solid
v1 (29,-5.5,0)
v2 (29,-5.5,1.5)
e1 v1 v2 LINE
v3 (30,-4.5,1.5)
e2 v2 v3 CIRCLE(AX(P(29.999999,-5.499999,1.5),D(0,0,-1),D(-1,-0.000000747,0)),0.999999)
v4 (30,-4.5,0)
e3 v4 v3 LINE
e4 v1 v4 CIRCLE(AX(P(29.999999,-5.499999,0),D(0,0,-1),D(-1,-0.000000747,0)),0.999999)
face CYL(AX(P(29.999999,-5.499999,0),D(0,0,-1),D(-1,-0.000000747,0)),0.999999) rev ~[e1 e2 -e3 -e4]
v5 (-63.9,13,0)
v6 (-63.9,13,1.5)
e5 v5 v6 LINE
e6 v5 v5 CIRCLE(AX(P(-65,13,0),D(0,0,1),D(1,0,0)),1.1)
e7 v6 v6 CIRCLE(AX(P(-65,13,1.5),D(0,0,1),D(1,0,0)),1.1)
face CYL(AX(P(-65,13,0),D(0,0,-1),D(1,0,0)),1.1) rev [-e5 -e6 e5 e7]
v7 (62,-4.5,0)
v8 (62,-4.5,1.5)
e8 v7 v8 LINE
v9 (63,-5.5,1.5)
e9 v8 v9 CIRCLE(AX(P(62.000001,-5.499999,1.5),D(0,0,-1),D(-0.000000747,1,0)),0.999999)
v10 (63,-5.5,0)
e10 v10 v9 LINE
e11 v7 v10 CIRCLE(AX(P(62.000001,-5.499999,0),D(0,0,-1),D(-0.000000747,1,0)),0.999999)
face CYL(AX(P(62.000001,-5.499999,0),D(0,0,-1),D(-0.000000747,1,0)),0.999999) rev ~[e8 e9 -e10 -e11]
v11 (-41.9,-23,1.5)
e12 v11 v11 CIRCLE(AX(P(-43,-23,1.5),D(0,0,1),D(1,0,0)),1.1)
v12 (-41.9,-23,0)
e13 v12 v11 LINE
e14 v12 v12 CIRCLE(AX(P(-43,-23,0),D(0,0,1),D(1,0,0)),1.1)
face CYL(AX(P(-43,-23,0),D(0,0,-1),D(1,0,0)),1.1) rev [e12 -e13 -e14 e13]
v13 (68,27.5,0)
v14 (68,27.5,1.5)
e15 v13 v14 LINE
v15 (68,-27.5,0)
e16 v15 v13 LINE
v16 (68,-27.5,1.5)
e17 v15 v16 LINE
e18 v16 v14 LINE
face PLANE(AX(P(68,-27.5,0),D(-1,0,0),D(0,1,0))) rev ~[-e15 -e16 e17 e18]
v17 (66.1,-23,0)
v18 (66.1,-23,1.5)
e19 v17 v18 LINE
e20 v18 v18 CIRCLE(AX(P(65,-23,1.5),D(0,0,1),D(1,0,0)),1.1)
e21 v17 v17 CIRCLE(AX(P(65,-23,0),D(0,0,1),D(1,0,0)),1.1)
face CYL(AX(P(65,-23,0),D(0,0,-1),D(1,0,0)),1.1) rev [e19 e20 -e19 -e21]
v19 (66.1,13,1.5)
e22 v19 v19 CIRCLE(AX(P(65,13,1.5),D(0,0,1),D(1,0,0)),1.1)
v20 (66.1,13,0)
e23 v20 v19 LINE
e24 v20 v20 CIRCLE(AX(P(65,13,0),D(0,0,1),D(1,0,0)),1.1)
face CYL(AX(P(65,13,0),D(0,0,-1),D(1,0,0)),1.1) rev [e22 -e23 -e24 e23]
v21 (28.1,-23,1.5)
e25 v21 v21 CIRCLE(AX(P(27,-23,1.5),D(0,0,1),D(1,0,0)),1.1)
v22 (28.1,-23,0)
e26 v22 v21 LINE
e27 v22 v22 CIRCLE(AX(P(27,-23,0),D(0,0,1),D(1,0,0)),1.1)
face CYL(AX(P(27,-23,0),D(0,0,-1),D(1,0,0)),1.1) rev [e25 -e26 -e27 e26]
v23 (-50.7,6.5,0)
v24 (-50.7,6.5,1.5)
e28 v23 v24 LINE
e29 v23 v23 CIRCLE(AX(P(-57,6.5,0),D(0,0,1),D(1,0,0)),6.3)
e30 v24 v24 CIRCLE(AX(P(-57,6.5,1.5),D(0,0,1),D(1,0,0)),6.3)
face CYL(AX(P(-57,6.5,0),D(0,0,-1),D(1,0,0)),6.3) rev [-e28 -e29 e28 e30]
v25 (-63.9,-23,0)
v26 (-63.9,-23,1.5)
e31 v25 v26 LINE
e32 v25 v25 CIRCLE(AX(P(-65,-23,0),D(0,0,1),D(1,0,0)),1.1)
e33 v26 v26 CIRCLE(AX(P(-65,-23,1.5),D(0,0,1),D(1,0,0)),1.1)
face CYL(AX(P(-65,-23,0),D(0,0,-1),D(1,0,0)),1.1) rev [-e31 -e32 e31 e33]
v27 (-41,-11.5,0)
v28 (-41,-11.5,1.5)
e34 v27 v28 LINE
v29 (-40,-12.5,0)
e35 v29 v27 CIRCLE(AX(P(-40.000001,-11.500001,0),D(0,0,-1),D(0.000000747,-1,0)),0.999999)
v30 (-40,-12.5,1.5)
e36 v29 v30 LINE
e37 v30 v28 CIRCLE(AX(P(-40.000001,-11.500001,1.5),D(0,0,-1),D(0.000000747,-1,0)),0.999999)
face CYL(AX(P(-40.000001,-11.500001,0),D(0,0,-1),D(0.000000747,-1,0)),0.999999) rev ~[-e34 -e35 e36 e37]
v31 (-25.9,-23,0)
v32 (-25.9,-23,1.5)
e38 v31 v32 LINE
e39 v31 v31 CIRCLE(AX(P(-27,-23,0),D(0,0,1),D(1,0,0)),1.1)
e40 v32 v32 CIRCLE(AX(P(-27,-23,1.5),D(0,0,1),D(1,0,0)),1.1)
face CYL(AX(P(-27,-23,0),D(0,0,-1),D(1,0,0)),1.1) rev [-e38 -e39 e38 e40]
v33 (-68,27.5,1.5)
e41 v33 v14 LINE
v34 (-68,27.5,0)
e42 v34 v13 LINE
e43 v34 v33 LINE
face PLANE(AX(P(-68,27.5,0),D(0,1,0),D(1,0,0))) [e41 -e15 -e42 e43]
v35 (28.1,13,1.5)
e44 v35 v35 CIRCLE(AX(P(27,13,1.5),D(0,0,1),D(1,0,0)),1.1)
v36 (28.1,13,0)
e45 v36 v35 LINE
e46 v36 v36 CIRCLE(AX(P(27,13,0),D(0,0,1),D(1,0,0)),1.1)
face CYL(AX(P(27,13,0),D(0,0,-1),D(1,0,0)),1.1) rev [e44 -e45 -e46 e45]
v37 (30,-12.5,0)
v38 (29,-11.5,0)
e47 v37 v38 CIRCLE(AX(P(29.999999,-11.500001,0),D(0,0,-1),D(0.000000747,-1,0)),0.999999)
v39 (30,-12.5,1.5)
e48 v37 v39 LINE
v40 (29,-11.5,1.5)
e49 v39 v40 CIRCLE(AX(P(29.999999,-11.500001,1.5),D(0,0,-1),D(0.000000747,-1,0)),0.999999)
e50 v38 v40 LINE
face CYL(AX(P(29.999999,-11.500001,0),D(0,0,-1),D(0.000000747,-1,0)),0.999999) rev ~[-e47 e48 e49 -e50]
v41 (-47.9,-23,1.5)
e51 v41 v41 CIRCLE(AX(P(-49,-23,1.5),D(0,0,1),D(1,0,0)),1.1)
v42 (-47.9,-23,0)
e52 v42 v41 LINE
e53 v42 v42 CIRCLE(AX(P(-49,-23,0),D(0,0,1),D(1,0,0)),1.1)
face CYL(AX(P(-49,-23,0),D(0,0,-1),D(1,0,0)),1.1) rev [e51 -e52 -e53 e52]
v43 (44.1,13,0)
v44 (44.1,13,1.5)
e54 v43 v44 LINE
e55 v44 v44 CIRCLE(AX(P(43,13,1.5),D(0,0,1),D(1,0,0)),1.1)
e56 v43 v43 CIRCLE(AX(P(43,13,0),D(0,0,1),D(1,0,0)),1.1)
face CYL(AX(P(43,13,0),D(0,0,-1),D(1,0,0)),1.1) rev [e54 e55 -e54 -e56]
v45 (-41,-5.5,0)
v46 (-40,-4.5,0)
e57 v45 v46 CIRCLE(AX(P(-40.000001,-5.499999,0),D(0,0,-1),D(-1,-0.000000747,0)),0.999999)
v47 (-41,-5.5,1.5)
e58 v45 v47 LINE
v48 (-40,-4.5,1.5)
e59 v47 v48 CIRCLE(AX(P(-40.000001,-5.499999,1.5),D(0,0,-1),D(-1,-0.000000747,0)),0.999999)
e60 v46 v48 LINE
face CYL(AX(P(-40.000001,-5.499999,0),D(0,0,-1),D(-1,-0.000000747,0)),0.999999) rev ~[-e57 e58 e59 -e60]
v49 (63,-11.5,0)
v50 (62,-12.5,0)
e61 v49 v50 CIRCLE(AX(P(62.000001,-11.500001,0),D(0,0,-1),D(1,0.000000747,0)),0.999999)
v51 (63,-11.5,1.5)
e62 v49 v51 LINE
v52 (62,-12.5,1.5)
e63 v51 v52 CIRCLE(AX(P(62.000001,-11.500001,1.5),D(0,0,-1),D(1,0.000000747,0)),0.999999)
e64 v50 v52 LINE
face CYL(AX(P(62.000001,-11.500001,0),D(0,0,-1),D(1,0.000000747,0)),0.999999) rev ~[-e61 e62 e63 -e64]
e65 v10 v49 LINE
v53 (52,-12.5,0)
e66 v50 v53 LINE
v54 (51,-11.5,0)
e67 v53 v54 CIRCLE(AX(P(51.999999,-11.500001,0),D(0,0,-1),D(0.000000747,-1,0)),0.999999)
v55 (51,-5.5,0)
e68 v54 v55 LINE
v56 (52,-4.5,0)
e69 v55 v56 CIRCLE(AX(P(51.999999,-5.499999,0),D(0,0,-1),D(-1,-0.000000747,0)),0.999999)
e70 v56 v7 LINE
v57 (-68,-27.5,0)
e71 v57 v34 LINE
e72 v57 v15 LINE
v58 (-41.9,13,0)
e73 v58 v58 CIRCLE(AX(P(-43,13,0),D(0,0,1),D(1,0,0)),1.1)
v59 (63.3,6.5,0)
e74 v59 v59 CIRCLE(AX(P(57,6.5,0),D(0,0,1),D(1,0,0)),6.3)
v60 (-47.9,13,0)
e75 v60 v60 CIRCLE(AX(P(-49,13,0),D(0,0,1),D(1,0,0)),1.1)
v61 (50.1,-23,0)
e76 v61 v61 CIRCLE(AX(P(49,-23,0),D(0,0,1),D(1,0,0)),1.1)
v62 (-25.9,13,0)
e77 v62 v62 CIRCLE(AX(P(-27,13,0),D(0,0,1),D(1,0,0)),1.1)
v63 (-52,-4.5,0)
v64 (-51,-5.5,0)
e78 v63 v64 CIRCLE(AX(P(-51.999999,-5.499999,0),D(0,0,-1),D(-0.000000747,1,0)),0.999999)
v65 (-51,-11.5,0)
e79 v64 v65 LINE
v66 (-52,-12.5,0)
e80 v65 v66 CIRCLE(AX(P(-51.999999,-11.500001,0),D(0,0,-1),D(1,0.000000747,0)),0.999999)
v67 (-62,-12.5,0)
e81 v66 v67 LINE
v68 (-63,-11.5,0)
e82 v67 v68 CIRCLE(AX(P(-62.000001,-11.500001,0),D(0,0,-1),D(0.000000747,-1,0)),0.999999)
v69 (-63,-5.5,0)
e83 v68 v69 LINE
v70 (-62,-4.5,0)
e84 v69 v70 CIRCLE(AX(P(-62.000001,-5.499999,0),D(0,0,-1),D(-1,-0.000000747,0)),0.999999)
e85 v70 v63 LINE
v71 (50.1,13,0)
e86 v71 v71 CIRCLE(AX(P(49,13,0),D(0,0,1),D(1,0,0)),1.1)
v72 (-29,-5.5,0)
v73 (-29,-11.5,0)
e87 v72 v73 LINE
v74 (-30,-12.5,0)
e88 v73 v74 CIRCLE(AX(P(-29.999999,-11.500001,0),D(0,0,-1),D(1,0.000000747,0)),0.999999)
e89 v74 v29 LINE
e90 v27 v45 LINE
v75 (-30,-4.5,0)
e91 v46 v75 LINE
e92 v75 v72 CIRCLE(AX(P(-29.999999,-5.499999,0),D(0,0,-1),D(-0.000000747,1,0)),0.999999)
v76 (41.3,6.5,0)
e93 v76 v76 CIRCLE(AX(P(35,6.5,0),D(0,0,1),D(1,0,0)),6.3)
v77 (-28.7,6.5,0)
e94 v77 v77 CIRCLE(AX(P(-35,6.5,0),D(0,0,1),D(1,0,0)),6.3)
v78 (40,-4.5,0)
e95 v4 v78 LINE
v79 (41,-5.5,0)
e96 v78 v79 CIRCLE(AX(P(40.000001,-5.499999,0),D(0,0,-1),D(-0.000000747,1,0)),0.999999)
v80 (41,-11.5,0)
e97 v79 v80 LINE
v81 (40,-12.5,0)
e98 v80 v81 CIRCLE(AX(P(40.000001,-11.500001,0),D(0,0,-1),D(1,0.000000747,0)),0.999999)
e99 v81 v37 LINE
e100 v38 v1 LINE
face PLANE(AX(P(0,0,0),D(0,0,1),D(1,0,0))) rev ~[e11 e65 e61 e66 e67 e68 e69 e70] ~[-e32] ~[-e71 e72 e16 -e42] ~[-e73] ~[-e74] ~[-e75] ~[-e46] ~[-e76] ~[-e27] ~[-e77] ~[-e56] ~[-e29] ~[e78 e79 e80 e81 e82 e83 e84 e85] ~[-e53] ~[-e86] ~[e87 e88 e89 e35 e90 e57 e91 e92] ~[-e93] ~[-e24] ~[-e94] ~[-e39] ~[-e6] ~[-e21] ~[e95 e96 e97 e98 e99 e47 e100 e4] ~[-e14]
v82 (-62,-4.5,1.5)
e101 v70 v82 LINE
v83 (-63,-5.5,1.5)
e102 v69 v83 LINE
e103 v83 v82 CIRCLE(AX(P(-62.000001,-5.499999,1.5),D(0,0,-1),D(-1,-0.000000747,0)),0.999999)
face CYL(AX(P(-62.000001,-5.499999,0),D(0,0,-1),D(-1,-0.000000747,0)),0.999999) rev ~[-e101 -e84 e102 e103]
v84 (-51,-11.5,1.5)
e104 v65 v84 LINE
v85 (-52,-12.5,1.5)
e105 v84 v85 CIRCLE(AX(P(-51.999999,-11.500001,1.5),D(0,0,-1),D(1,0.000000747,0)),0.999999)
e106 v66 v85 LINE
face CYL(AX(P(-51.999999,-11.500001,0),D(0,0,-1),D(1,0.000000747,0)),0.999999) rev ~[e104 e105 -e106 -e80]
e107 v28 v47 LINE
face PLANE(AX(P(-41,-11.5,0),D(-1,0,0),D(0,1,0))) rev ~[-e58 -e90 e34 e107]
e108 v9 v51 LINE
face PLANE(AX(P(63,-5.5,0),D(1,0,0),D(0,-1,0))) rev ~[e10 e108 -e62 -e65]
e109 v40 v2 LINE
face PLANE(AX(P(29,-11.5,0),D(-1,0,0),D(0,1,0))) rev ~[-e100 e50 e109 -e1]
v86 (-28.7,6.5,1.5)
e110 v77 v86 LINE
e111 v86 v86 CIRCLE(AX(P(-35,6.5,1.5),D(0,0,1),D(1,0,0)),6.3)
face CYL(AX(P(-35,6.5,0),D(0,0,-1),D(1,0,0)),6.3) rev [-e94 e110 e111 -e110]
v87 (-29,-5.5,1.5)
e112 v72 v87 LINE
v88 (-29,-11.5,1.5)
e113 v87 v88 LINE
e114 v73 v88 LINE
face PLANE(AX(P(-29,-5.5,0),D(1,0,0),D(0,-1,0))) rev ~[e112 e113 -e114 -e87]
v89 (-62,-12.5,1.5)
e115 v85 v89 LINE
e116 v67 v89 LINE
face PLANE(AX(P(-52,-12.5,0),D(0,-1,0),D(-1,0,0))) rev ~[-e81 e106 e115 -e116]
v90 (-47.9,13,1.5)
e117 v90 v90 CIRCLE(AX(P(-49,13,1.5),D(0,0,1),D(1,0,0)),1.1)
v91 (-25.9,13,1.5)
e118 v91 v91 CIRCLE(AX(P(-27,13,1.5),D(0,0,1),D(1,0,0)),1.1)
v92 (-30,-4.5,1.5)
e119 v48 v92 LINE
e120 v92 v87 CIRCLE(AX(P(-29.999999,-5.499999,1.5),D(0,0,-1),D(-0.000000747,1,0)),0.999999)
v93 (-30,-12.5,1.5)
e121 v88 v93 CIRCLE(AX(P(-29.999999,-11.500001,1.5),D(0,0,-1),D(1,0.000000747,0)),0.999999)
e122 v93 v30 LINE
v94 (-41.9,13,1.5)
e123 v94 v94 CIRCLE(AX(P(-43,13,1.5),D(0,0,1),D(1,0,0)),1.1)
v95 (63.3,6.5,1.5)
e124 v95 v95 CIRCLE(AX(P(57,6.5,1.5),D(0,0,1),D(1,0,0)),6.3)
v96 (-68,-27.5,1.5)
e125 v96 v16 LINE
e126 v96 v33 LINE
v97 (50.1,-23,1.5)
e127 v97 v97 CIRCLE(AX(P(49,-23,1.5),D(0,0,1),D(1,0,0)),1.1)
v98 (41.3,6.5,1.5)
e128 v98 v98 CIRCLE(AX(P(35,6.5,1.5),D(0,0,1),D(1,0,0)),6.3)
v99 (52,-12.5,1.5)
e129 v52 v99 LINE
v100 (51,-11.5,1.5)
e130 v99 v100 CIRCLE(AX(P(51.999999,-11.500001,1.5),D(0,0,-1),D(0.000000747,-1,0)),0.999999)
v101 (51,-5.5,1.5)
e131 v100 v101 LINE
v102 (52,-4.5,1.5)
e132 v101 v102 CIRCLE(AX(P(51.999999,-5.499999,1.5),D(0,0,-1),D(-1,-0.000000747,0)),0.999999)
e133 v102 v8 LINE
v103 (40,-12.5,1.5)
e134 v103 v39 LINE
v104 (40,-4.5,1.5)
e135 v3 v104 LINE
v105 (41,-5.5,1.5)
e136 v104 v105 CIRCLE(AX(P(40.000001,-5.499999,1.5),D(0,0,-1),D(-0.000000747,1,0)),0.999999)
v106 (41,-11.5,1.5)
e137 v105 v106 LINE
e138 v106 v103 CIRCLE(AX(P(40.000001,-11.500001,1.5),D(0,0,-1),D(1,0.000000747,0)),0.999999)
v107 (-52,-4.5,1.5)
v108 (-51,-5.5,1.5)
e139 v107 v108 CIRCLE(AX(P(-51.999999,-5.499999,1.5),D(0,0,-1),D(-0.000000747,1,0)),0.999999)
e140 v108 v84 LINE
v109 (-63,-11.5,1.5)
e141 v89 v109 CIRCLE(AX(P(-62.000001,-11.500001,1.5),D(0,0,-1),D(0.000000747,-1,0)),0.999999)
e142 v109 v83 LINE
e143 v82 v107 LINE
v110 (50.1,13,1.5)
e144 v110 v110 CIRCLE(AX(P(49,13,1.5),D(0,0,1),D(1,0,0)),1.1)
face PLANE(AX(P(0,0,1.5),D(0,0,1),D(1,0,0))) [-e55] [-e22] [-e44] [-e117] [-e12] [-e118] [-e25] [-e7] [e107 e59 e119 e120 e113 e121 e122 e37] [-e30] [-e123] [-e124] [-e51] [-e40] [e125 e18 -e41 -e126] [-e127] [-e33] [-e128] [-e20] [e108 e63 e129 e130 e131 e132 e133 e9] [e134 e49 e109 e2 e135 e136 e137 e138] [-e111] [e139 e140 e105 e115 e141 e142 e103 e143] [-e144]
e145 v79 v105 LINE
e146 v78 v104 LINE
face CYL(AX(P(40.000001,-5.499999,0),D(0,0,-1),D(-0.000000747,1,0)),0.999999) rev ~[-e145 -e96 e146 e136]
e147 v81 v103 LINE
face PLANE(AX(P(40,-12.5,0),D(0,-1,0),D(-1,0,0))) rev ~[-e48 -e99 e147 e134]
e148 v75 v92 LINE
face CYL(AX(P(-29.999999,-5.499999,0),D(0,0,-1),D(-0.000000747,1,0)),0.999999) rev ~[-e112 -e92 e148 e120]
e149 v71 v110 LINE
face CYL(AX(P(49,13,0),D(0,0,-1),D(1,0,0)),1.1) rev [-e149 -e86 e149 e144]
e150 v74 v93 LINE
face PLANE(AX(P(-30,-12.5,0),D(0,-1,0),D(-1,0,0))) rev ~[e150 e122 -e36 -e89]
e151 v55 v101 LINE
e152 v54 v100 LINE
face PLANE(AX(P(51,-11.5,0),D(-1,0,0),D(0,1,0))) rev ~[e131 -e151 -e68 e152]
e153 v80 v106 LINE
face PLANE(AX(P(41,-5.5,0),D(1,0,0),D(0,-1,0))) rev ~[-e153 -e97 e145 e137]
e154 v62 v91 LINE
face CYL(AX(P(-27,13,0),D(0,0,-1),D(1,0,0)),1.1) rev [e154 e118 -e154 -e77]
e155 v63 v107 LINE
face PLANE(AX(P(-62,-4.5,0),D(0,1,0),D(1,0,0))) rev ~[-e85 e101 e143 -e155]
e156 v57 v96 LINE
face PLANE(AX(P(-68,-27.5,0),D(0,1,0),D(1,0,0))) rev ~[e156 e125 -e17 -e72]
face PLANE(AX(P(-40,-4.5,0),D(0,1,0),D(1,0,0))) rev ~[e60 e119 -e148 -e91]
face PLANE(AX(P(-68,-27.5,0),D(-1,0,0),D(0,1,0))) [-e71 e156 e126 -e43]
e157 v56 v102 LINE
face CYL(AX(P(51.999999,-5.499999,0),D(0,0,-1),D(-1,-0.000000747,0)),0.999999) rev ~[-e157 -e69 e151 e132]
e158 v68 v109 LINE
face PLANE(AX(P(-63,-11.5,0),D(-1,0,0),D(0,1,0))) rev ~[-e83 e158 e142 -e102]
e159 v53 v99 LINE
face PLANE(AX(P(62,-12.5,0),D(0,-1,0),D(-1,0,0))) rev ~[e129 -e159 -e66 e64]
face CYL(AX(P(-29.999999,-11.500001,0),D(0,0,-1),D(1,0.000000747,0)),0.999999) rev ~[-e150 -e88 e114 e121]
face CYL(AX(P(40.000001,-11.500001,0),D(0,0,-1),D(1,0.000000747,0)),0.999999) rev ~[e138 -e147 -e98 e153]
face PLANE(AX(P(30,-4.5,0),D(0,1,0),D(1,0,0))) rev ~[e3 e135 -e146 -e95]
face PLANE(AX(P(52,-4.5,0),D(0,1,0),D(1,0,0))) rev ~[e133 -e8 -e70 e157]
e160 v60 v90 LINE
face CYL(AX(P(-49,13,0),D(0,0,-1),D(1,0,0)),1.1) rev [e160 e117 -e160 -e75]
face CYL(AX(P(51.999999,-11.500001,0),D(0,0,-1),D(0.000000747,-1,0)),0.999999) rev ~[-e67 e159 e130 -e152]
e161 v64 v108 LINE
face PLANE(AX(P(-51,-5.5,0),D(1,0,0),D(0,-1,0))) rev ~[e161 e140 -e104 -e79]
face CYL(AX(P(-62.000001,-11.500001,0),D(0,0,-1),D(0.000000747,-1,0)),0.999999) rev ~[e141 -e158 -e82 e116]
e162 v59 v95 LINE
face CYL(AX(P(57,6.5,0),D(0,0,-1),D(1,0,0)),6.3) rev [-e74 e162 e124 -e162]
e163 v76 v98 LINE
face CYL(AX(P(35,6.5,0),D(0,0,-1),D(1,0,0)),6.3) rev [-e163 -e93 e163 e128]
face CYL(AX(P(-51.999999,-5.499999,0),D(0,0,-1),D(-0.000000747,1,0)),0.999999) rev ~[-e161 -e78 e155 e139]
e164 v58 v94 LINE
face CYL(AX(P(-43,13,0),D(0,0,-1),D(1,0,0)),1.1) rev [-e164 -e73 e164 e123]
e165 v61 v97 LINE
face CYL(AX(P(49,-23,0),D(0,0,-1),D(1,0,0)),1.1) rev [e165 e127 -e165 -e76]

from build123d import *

# Parameters (mm, degrees)
F0_W     = 136
F0_H     = 55
F0_R     = 1.1
F0_R_2   = 6.3
F1_DEPTH = 1.5


with BuildPart() as f1:
    # F0 (on Top) → F1 (new body)
    with BuildSketch(Plane.XY):
        Rectangle(F0_W, F0_H)
        with Locations((-65, -23)):
            Circle(F0_R, mode=Mode.SUBTRACT)
        with Locations((-49, -23)):
            Circle(F0_R, mode=Mode.SUBTRACT)
        with Locations((-43, -23)):
            Circle(F0_R, mode=Mode.SUBTRACT)
        with Locations((-27, -23)):
            Circle(F0_R, mode=Mode.SUBTRACT)
        with BuildLine():
            ThreePointArc((-51, -11.5), (-51.292893, -12.207107), (-52, -12.5))
            Line((-52, -12.5), (-62, -12.5))
            ThreePointArc((-62, -12.5), (-62.707107, -12.207107), (-63, -11.5))
            Line((-63, -11.5), (-63, -5.5))
            ThreePointArc((-63, -5.5), (-62.707107, -4.792893), (-62, -4.5))
            Line((-62, -4.5), (-52, -4.5))
            ThreePointArc((-52, -4.5), (-51.292893, -4.792893), (-51, -5.5))
            Line((-51, -5.5), (-51, -11.5))
        make_face(mode=Mode.SUBTRACT)
        with BuildLine():
            Line((-41, -11.5), (-41, -5.5))
            ThreePointArc((-41, -5.5), (-40.707107, -4.792893), (-40, -4.5))
            Line((-40, -4.5), (-30, -4.5))
            ThreePointArc((-30, -4.5), (-29.292893, -4.792893), (-29, -5.5))
            Line((-29, -5.5), (-29, -11.5))
            ThreePointArc((-29, -11.5), (-29.292893, -12.207107), (-30, -12.5))
            Line((-30, -12.5), (-40, -12.5))
            ThreePointArc((-40, -12.5), (-40.707107, -12.207107), (-41, -11.5))
        make_face(mode=Mode.SUBTRACT)
        with Locations((27, -23)):
            Circle(F0_R, mode=Mode.SUBTRACT)
        with Locations((49, -23)):
            Circle(F0_R, mode=Mode.SUBTRACT)
        with Locations((65, -23)):
            Circle(F0_R, mode=Mode.SUBTRACT)
        with BuildLine():
            ThreePointArc((30, -12.5), (29.292893, -12.207107), (29, -11.5))
            Line((29, -11.5), (29, -5.5))
            ThreePointArc((29, -5.5), (29.292893, -4.792893), (30, -4.5))
            Line((30, -4.5), (40, -4.5))
            ThreePointArc((40, -4.5), (40.707107, -4.792893), (41, -5.5))
            Line((41, -5.5), (41, -11.5))
            ThreePointArc((41, -11.5), (40.707107, -12.207107), (40, -12.5))
            Line((40, -12.5), (30, -12.5))
        make_face(mode=Mode.SUBTRACT)
        with BuildLine():
            Line((52, -4.5), (62, -4.5))
            ThreePointArc((62, -4.5), (62.707107, -4.792893), (63, -5.5))
            Line((63, -5.5), (63, -11.5))
            ThreePointArc((63, -11.5), (62.707107, -12.207107), (62, -12.5))
            Line((62, -12.5), (52, -12.5))
            ThreePointArc((52, -12.5), (51.292893, -12.207107), (51, -11.5))
            Line((51, -11.5), (51, -5.5))
            ThreePointArc((51, -5.5), (51.292893, -4.792893), (52, -4.5))
        make_face(mode=Mode.SUBTRACT)
        with Locations((-57, 6.5)):
            Circle(F0_R_2, mode=Mode.SUBTRACT)
        with Locations((-35, 6.5)):
            Circle(F0_R_2, mode=Mode.SUBTRACT)
        with Locations((-65, 13)):
            Circle(F0_R, mode=Mode.SUBTRACT)
        with Locations((-49, 13)):
            Circle(F0_R, mode=Mode.SUBTRACT)
        with Locations((-43, 13)):
            Circle(F0_R, mode=Mode.SUBTRACT)
        with Locations((-27, 13)):
            Circle(F0_R, mode=Mode.SUBTRACT)
        with Locations((27, 13)):
            Circle(F0_R, mode=Mode.SUBTRACT)
        with Locations((35, 6.5)):
            Circle(F0_R_2, mode=Mode.SUBTRACT)
        with Locations((57, 6.5)):
            Circle(F0_R_2, mode=Mode.SUBTRACT)
        with Locations((43, 13)):
            Circle(F0_R, mode=Mode.SUBTRACT)
        with Locations((49, 13)):
            Circle(F0_R, mode=Mode.SUBTRACT)
        with Locations((65, 13)):
            Circle(F0_R, mode=Mode.SUBTRACT)
    extrude(amount=F1_DEPTH)


solid = f1.part
